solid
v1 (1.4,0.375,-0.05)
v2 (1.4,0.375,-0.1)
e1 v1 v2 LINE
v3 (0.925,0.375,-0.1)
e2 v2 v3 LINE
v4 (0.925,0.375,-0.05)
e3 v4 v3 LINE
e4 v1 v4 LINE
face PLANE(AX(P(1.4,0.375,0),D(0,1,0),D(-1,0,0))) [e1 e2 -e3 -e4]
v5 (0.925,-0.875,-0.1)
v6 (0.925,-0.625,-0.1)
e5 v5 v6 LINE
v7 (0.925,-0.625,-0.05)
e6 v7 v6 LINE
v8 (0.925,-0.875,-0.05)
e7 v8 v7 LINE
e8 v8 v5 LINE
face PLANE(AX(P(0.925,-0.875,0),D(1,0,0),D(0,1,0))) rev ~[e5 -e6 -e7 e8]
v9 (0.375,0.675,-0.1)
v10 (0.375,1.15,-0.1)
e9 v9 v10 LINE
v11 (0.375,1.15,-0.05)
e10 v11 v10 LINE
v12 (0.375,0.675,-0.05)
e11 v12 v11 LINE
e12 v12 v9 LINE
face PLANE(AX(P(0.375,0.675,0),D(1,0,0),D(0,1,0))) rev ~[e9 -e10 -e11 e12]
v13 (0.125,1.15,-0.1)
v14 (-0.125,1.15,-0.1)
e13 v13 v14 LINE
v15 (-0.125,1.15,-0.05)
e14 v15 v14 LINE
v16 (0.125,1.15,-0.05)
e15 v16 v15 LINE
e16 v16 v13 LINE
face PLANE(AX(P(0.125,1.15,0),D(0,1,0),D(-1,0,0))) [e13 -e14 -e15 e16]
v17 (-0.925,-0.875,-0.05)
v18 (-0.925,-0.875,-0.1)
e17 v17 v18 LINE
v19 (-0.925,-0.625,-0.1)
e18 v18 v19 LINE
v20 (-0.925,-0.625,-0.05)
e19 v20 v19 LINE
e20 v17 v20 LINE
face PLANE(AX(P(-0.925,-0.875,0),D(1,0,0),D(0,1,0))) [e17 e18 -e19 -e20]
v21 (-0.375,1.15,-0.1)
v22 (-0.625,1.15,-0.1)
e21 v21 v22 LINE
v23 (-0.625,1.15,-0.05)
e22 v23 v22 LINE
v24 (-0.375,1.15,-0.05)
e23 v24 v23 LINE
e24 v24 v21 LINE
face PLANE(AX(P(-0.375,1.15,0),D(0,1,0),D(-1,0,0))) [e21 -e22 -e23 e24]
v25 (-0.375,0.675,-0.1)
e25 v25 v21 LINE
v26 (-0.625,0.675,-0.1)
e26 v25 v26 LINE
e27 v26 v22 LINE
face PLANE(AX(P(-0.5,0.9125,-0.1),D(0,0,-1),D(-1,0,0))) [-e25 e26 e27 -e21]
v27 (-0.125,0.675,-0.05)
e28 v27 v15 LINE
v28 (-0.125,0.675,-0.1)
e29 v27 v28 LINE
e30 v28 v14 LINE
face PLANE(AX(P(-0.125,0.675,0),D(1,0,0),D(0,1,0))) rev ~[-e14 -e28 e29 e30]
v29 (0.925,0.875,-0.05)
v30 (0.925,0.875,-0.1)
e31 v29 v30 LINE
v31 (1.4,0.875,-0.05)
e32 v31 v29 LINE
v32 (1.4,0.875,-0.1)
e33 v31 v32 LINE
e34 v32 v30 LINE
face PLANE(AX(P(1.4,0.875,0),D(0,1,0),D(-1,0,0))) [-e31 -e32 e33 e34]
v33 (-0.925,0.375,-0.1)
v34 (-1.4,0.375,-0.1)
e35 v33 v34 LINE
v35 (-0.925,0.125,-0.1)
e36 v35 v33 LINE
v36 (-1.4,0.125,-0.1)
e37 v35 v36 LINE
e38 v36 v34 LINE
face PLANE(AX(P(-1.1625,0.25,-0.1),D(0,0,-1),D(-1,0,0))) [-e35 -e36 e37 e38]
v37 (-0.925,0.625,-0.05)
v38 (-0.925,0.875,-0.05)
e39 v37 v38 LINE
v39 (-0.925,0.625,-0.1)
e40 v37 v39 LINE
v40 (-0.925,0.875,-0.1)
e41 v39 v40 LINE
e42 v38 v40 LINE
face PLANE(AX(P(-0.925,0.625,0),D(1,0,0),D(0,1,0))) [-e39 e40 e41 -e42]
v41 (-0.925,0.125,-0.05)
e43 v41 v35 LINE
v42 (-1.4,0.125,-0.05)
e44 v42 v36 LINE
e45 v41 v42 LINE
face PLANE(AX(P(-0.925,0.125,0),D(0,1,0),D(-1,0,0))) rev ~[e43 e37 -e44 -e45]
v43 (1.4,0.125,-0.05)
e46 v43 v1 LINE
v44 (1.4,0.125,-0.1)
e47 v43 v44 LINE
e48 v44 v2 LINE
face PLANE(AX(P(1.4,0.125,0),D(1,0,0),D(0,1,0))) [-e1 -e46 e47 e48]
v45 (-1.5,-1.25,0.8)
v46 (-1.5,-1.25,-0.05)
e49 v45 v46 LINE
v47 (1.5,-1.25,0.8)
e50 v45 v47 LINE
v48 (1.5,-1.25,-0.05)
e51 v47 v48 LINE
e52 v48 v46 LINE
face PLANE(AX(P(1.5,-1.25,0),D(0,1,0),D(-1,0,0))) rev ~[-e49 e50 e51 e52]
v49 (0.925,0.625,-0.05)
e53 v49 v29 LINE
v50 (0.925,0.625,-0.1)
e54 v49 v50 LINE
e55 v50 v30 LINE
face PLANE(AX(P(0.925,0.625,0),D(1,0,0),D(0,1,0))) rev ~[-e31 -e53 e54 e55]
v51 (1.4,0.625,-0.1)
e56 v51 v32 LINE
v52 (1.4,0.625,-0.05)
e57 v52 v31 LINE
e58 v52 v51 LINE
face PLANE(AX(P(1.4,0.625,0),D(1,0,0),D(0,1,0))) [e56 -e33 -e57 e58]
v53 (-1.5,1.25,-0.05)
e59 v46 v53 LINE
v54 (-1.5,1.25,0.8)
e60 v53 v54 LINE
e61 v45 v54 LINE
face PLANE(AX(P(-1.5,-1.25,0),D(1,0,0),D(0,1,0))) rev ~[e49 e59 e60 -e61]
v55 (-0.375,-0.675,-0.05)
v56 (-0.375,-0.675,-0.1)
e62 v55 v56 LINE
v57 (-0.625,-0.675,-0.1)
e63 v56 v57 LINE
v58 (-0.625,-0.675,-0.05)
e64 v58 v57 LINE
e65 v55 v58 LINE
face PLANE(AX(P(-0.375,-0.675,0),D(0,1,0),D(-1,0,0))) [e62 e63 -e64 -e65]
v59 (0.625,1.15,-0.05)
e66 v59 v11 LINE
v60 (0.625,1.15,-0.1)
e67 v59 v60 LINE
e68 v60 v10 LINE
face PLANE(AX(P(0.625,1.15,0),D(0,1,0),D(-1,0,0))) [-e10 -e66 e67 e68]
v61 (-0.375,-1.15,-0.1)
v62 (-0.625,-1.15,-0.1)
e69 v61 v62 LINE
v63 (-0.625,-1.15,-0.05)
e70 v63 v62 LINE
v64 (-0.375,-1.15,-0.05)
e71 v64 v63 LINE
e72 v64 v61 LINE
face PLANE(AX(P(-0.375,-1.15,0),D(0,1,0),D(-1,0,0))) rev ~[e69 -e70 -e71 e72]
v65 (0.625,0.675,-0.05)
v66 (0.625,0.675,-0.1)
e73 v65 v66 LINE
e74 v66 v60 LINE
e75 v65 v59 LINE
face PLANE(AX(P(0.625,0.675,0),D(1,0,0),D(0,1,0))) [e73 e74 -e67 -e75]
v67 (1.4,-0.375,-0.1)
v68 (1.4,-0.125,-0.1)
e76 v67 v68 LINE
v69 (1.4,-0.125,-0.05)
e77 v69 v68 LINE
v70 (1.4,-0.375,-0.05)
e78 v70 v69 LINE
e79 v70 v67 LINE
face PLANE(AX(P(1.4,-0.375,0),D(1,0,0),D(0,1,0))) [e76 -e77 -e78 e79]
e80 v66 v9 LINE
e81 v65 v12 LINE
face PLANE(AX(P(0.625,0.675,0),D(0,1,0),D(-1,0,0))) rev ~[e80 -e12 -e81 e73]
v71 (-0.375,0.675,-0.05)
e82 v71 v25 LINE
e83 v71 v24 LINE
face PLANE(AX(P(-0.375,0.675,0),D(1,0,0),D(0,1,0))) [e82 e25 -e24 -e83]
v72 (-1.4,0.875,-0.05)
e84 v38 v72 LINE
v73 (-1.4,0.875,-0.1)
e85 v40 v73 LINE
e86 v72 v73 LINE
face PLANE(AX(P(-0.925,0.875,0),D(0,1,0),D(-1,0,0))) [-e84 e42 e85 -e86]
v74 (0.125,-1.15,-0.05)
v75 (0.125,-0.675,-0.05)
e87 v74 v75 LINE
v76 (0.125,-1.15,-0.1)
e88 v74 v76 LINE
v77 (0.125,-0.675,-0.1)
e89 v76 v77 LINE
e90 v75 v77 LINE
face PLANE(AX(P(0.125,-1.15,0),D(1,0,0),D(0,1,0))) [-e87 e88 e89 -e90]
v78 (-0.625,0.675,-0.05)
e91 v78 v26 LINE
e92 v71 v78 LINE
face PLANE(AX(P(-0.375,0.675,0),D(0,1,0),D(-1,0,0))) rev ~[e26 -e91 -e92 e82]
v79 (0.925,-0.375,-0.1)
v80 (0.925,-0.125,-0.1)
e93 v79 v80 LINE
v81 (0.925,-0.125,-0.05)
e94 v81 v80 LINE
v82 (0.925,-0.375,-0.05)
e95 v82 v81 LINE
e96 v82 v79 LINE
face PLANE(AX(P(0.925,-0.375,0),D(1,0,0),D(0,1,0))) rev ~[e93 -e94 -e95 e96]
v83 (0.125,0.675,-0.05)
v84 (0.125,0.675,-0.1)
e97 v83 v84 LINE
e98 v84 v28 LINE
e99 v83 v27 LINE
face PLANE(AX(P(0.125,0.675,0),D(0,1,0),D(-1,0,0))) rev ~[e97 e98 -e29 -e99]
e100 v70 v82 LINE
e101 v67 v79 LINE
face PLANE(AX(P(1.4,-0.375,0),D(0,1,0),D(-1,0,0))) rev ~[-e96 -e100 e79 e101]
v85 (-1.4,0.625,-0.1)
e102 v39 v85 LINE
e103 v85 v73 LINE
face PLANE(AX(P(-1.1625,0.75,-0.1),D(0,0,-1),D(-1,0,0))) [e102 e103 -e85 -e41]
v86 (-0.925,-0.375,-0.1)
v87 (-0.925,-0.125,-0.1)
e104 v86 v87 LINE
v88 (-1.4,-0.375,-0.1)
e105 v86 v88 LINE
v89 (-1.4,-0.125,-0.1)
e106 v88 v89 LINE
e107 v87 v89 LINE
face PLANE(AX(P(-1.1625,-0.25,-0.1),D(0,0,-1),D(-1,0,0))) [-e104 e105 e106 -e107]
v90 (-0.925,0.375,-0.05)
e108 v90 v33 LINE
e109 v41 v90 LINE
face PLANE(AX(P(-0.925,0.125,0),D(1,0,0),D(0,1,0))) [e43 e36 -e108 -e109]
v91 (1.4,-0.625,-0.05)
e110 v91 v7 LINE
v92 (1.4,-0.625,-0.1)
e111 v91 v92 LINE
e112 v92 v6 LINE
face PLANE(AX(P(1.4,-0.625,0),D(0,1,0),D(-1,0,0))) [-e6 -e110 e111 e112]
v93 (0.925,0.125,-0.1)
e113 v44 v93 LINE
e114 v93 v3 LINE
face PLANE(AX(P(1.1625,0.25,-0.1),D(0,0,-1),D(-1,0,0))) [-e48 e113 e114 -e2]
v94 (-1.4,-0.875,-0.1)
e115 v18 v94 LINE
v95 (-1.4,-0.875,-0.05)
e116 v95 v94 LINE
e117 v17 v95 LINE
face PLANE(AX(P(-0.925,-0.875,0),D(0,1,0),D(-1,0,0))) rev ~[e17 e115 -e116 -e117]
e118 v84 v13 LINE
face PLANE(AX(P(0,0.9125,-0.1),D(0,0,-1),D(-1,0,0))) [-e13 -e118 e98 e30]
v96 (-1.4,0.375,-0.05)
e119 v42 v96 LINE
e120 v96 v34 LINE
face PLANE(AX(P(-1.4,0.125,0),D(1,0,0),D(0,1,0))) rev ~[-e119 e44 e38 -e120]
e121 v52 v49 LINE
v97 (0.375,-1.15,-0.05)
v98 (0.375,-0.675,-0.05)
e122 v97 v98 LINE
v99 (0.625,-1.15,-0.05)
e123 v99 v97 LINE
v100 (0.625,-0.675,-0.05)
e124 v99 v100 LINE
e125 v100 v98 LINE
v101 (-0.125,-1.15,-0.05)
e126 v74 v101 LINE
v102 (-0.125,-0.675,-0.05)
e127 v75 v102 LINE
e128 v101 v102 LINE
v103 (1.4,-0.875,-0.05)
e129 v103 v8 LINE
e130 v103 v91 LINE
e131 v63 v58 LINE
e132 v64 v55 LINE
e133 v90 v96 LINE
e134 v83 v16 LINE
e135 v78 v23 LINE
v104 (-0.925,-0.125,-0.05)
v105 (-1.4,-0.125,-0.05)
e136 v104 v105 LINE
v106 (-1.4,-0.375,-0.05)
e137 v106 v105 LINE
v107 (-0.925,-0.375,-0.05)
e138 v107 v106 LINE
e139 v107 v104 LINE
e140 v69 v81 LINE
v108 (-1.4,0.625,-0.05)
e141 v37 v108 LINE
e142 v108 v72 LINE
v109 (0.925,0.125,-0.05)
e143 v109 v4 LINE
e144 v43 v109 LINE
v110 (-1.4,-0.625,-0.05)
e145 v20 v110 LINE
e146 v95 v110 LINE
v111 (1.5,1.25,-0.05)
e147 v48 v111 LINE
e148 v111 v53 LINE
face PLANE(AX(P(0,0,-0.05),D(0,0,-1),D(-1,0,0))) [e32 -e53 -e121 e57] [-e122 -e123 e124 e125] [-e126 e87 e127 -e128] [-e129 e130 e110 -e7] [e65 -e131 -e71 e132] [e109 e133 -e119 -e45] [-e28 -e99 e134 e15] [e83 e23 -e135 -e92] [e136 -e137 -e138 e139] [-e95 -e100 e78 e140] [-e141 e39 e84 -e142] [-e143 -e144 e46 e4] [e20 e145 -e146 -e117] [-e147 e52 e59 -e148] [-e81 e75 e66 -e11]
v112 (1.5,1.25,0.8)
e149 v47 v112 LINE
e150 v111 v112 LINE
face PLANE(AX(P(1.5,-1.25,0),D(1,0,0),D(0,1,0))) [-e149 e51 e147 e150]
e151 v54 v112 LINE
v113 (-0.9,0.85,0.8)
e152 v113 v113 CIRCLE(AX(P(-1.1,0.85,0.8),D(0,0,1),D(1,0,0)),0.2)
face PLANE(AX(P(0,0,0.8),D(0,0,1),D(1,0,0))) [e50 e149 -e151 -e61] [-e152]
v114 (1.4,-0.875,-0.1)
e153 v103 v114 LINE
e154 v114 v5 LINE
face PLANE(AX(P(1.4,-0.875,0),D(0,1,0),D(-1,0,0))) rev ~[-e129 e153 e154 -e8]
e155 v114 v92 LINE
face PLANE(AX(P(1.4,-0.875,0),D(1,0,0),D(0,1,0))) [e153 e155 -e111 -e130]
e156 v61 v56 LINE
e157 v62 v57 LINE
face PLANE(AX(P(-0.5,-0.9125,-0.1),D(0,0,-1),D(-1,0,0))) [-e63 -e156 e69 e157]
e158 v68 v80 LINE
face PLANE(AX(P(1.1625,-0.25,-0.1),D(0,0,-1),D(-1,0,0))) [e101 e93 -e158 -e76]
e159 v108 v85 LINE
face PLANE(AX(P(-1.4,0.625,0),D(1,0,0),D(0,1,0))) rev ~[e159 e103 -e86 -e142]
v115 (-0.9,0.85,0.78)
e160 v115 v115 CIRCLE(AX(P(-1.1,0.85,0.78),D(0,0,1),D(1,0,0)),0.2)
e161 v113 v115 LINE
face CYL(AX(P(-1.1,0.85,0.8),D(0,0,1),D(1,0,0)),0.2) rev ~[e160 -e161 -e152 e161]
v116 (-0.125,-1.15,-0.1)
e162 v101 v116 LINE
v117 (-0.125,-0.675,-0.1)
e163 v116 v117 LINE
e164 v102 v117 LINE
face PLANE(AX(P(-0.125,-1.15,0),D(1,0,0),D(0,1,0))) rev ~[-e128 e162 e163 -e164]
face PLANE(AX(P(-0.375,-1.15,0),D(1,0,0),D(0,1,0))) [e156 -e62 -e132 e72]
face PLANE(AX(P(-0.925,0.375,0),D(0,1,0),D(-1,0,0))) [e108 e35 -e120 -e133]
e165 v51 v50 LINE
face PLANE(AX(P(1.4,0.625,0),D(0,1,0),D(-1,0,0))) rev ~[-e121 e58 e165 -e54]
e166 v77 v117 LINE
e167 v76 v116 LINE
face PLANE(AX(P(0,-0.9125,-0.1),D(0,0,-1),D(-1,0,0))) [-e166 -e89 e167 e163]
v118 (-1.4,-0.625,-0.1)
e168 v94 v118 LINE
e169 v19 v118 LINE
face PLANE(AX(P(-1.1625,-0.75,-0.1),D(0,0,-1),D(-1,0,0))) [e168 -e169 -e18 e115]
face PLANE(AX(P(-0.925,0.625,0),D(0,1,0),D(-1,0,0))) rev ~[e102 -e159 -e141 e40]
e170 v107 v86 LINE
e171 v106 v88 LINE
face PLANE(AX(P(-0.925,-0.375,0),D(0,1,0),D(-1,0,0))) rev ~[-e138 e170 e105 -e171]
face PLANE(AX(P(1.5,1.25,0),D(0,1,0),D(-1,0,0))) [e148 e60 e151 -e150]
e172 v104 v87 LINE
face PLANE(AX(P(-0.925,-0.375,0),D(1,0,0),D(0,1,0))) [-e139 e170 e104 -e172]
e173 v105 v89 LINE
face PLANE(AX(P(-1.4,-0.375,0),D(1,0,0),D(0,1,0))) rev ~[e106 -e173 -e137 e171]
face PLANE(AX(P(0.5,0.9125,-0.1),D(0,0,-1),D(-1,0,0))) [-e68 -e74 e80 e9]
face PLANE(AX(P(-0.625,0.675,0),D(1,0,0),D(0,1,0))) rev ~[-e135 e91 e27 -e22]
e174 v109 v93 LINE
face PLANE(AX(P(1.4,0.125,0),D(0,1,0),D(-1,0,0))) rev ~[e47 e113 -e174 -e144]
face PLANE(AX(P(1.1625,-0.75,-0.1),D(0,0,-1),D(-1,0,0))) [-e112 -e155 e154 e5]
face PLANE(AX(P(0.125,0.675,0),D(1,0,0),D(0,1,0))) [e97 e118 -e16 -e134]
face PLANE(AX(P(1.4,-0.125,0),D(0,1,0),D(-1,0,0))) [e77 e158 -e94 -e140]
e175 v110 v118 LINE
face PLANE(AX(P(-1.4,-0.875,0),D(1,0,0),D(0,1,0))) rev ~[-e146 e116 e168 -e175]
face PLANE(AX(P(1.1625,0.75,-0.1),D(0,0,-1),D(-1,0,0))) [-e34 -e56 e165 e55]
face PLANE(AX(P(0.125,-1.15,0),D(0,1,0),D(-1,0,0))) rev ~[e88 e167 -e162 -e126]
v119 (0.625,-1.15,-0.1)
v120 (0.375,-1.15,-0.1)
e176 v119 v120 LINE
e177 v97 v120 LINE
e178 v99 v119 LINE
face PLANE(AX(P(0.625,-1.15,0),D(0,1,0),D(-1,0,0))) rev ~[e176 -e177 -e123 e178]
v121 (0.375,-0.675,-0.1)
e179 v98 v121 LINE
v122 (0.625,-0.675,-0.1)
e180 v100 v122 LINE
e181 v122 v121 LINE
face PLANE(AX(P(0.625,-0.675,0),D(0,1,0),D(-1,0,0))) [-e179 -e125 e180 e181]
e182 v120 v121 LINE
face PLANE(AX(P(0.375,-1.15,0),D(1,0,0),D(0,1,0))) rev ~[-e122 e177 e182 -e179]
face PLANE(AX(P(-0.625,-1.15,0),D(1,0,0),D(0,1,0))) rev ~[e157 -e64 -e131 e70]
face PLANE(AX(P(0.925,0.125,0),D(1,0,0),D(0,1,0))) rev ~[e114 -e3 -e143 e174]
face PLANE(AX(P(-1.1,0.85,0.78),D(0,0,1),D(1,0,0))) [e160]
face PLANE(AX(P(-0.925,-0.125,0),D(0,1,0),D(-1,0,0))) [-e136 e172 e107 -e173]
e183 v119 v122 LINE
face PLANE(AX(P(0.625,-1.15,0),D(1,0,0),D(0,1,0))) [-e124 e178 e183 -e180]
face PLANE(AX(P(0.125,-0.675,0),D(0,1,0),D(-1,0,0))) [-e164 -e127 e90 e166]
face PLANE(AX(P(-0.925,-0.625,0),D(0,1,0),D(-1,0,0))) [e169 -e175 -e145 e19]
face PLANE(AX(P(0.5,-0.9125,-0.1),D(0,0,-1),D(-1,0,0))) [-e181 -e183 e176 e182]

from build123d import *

# Parameters (mm, degrees)
SKETCH1_W           = 3
SKETCH1_H           = 2.5
BOSS_EXTRUDE1_DEPTH = 0.8
SKETCH2_R           = 0.2
CUT_EXTRUDE1_DEPTH  = 0.02
SKETCH3_W           = 0.25
SKETCH3_H           = 0.475
SKETCH3_W_2         = 0.475
SKETCH3_H_2         = 0.25
BOSS_EXTRUDE2_DEPTH = 0.1
SKETCH4_W           = 3
SKETCH4_H           = 2.5
BOSS_EXTRUDE3_DEPTH = 0.05


with BuildPart() as part:
    # Sketch1 → Boss-Extrude1 (new body)
    with BuildSketch(Plane.XY):
        Rectangle(SKETCH1_W, SKETCH1_H)
    extrude(amount=BOSS_EXTRUDE1_DEPTH)

    # Sketch2 → Cut-Extrude1 (cut)
    with BuildSketch(Plane.XY.offset(0.8)):
        with Locations((-1.1, 0.85)):
            Circle(SKETCH2_R)
    extrude(amount=-CUT_EXTRUDE1_DEPTH, mode=Mode.SUBTRACT)

    # Sketch3 → Boss-Extrude2 (add)
    with BuildSketch(Plane(origin=(0, 0, 0), x_dir=(-1, 0, 0), z_dir=(0, 0, -1))):
        with Locations((0.5, 0.9125)):
            Rectangle(SKETCH3_W, SKETCH3_H)
        with Locations((0, 0.9125)):
            Rectangle(SKETCH3_W, SKETCH3_H)
        with Locations((-0.5, 0.9125)):
            Rectangle(SKETCH3_W, SKETCH3_H)
        with Locations((0.5, -0.9125)):
            Rectangle(SKETCH3_W, SKETCH3_H)
        with Locations((0, -0.9125)):
            Rectangle(SKETCH3_W, SKETCH3_H)
        with Locations((-0.5, -0.9125)):
            Rectangle(SKETCH3_W, SKETCH3_H)
        with Locations((-1.1625, -0.25)):
            Rectangle(SKETCH3_W_2, SKETCH3_H_2)
        with Locations((-1.1625, 0.25)):
            Rectangle(SKETCH3_W_2, SKETCH3_H_2)
        with Locations((-1.1625, -0.75)):
            Rectangle(SKETCH3_W_2, SKETCH3_H_2)
        with Locations((-1.1625, 0.75)):
            Rectangle(SKETCH3_W_2, SKETCH3_H_2)
        with Locations((1.1625, -0.75)):
            Rectangle(SKETCH3_W_2, SKETCH3_H_2)
        with Locations((1.1625, -0.25)):
            Rectangle(SKETCH3_W_2, SKETCH3_H_2)
        with Locations((1.1625, 0.25)):
            Rectangle(SKETCH3_W_2, SKETCH3_H_2)
        with Locations((1.1625, 0.75)):
            Rectangle(SKETCH3_W_2, SKETCH3_H_2)
    extrude(amount=BOSS_EXTRUDE2_DEPTH)

    # Sketch4 → Boss-Extrude3 (add)
    with BuildSketch(Plane(origin=(0, 0, 0), x_dir=(-1, 0, 0), z_dir=(0, 0, -1))):
        Rectangle(SKETCH4_W, SKETCH4_H)
    extrude(amount=BOSS_EXTRUDE3_DEPTH)


solid = part.part
